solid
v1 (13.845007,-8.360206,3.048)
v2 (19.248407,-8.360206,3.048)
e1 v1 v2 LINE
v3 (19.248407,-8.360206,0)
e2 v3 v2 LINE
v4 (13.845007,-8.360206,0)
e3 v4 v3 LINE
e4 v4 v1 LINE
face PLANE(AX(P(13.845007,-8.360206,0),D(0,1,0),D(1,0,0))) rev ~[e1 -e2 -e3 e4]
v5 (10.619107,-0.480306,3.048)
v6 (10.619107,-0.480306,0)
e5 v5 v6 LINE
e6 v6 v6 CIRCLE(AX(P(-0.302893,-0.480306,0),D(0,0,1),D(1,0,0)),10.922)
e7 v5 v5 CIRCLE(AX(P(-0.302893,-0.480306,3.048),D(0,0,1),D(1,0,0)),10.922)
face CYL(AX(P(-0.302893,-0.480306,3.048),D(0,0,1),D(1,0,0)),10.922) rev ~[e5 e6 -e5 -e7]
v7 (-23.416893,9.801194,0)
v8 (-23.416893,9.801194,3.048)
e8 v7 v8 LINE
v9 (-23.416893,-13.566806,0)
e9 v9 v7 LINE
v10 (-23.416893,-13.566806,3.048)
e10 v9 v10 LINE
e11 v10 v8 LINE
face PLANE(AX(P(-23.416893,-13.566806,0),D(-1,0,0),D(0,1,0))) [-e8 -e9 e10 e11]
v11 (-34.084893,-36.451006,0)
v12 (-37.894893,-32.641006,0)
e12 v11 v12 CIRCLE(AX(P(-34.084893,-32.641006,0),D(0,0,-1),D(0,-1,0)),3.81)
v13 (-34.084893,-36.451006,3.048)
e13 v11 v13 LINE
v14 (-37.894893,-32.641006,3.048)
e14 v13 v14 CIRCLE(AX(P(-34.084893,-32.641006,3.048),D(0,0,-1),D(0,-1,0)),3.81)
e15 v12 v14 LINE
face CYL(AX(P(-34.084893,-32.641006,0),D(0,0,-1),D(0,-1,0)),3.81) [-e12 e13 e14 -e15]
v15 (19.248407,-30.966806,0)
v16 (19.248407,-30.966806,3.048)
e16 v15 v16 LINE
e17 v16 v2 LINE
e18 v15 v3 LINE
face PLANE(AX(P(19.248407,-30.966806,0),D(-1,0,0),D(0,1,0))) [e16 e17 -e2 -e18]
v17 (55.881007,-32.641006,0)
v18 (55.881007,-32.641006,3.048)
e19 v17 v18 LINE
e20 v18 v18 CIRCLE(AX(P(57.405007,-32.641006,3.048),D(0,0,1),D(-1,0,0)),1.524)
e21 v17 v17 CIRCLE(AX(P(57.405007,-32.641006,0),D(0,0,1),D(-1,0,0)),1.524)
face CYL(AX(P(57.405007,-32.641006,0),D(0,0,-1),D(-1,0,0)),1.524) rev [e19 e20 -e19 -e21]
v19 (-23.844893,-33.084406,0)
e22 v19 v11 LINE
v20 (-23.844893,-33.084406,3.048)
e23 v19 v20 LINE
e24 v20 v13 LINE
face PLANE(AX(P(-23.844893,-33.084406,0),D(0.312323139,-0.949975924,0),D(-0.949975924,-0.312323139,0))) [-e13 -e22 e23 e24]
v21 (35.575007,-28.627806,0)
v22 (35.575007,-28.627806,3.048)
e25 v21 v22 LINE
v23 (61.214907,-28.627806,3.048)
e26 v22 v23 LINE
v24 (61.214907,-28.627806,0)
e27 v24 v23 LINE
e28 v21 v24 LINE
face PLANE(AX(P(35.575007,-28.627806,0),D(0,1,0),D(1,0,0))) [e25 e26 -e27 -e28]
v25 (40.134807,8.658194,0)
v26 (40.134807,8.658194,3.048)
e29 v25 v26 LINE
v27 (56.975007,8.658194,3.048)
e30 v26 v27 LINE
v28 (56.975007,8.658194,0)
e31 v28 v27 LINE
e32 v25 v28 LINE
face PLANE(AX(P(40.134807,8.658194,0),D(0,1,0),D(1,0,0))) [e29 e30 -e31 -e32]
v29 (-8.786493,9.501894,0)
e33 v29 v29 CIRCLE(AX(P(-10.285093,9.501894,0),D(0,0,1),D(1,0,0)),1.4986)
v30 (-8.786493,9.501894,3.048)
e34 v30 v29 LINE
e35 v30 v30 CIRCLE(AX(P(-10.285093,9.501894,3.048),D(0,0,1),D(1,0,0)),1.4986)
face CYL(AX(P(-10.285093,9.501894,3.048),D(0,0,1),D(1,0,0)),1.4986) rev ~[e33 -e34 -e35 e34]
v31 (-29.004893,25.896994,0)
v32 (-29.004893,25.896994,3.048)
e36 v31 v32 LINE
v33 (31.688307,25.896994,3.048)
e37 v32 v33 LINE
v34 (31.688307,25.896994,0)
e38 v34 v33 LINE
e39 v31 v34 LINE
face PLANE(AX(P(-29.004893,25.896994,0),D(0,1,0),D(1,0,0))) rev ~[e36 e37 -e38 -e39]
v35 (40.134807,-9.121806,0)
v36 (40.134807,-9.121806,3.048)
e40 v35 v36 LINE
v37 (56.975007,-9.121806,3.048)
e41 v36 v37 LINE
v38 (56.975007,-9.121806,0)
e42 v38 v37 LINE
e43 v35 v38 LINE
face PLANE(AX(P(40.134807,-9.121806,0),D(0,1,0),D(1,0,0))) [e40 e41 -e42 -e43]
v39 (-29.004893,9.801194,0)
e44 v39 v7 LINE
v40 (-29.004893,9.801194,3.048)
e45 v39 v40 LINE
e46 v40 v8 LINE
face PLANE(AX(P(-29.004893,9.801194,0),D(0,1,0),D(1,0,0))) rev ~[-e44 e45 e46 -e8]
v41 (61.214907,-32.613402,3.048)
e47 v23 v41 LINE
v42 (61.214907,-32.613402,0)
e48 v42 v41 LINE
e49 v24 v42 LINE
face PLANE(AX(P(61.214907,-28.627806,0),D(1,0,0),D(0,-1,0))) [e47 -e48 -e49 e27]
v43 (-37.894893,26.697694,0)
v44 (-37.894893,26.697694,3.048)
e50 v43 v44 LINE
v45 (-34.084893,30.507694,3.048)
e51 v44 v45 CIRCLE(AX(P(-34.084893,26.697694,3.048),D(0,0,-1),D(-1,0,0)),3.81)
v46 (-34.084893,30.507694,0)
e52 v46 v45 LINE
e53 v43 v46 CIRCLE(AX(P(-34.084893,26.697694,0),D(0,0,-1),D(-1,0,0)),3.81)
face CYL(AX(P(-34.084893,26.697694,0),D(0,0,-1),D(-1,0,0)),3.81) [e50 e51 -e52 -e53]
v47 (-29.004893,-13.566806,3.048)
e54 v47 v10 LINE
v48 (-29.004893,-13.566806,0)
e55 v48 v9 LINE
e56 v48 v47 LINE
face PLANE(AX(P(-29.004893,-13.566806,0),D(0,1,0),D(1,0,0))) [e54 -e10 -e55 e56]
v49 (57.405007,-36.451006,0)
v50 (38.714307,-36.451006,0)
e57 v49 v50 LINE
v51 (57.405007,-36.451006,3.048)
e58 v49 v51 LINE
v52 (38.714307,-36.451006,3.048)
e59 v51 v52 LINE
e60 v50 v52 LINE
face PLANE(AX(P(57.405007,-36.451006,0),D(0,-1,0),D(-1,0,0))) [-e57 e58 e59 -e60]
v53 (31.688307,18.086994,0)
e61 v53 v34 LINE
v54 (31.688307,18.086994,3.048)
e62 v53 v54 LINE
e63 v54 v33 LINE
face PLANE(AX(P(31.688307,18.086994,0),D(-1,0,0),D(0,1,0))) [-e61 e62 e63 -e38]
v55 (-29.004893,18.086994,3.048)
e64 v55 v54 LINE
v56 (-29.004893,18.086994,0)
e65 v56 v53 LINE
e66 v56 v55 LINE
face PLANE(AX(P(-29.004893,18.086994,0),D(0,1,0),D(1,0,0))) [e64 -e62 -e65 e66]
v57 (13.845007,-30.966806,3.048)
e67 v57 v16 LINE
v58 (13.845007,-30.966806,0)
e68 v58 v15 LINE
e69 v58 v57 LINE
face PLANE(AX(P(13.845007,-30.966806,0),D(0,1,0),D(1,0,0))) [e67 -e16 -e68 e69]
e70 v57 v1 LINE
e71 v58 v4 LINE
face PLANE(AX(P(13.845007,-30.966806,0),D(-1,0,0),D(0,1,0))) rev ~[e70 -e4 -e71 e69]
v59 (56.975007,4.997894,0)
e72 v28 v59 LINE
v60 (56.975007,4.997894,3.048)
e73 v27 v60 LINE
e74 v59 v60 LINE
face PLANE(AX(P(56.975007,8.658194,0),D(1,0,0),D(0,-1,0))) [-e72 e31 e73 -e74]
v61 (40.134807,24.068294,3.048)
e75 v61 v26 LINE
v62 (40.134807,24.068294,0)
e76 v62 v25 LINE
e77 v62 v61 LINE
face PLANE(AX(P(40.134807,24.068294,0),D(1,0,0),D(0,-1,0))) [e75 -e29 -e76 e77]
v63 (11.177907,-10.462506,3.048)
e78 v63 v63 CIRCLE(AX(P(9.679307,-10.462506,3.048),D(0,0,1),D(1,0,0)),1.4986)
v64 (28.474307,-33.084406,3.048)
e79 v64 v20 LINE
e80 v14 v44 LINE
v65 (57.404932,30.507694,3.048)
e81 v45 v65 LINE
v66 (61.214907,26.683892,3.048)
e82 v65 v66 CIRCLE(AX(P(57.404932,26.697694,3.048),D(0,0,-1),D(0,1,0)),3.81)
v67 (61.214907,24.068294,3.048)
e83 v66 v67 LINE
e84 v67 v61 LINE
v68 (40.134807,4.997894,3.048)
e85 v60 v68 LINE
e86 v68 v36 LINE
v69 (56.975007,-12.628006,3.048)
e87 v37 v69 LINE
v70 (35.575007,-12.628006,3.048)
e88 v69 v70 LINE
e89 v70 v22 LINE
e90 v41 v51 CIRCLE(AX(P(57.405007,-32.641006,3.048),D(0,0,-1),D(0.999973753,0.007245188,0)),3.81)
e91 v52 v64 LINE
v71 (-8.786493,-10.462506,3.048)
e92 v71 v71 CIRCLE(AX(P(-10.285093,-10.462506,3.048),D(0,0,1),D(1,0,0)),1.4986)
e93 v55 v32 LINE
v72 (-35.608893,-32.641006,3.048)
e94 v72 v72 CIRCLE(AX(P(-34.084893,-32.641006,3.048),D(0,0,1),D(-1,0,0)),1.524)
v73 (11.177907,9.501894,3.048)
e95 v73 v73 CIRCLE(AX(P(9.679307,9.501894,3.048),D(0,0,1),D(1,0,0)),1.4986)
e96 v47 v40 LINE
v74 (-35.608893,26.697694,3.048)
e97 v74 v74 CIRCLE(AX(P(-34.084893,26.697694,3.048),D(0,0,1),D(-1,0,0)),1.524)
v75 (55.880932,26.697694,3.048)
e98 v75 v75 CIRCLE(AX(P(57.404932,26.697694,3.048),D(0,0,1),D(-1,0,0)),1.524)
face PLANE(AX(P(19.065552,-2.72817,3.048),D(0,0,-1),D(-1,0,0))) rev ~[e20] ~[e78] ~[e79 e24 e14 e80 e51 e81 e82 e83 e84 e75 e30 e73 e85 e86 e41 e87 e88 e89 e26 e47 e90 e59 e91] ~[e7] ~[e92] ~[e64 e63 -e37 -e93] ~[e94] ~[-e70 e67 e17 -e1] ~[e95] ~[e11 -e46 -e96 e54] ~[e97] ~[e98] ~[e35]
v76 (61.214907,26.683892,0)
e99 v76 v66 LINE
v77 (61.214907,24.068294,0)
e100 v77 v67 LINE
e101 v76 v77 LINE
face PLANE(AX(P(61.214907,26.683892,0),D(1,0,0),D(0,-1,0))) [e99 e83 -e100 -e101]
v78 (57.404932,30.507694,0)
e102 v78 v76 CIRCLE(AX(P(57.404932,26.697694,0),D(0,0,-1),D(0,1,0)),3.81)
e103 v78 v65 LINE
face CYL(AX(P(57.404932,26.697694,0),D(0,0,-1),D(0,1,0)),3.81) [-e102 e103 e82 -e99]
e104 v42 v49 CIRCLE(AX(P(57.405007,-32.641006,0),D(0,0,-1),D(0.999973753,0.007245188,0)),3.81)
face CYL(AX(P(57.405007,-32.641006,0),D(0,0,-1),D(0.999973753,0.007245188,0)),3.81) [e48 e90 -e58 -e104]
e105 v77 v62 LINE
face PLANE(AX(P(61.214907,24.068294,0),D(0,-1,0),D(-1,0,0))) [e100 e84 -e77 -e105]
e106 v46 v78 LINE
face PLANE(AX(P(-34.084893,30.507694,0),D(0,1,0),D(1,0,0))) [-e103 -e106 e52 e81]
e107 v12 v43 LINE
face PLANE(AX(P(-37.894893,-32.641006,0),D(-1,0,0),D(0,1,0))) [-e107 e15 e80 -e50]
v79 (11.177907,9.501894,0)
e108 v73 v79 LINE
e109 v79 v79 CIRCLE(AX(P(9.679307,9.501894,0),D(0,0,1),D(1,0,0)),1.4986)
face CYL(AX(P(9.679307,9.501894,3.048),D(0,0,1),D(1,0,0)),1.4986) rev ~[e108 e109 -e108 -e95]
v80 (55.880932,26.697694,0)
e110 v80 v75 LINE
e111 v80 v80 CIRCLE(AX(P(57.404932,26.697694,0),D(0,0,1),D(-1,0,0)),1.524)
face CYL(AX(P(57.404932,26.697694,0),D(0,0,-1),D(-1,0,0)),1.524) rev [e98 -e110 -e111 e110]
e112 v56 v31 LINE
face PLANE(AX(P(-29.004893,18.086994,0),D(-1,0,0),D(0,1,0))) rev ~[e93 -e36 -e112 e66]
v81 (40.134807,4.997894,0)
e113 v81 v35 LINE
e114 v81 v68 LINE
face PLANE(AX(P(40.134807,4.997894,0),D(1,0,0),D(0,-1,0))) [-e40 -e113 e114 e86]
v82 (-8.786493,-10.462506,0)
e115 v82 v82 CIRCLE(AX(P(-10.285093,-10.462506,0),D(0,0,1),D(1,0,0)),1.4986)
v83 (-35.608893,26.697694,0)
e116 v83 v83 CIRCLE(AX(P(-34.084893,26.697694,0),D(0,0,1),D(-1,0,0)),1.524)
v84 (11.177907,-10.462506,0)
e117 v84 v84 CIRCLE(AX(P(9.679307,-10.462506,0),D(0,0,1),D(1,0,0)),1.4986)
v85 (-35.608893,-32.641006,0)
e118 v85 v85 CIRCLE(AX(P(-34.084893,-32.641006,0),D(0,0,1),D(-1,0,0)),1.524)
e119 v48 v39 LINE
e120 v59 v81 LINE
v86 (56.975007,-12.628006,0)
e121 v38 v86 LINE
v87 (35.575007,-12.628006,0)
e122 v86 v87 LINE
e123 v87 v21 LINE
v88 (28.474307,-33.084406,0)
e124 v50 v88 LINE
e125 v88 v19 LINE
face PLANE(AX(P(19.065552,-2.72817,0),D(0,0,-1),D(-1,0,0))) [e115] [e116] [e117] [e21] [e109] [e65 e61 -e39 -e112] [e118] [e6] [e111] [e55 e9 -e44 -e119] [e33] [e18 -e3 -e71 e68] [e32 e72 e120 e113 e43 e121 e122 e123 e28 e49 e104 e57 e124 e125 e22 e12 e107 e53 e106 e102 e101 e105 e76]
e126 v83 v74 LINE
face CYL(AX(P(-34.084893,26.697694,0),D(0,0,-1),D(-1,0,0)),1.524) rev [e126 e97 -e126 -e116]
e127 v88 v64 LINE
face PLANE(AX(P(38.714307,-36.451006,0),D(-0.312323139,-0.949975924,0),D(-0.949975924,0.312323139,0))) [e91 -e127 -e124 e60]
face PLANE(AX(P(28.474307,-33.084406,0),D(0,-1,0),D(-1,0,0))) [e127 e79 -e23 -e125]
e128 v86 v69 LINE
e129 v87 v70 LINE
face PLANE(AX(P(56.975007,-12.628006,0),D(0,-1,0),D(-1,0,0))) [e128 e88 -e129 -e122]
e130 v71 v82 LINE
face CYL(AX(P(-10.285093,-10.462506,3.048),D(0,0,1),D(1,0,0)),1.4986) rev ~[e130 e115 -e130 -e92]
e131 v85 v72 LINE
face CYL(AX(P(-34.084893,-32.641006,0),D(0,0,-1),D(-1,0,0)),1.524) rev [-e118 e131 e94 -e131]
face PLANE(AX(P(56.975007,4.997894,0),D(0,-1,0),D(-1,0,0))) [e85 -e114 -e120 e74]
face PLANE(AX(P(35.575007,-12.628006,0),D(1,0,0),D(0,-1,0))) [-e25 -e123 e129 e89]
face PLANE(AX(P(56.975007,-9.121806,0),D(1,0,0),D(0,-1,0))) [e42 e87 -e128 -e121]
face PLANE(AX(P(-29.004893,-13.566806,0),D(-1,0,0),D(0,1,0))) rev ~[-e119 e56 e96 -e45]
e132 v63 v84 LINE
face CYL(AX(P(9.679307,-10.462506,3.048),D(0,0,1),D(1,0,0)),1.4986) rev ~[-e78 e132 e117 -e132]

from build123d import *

# Parameters (mm, degrees)
SKETCH1_R           = 1.524
SKETCH1_W           = 60.6932
SKETCH1_H           = 7.81
SKETCH1_W_2         = 5.588
SKETCH1_H_2         = 23.368
SKETCH1_W_3         = 5.4034
SKETCH1_H_3         = 22.6066
BOSS_EXTRUDE1_DEPTH = 3.048
SKETCH2_R           = 10.922
SKETCH2_R_2         = 1.4986
CUT_EXTRUDE1_DEPTH  = 72.310891511


with BuildPart() as part:
    # Sketch1 → Boss-Extrude1 (new body)
    with BuildSketch(Plane.XY):
        with BuildLine():
            Line((61.214907375, 24.068294304), (40.134807375, 24.068294304))
            Line((40.134807375, 24.068294304), (40.134807375, 8.658194304))
            Line((40.134807375, 8.658194304), (56.975007375, 8.658194304))
            Line((56.975007375, 8.658194304), (56.975007375, 4.997894304))
            Line((56.975007375, 4.997894304), (40.134807375, 4.997894304))
            Line((40.134807375, 4.997894304), (40.134807375, -9.121805696))
            Line((40.134807375, -9.121805696), (56.975007375, -9.121805696))
            Line((56.975007375, -9.121805696), (56.975007375, -12.628005696))
            Line((56.975007375, -12.628005696), (35.575007375, -12.628005696))
            Line((35.575007375, -12.628005696), (35.575007375, -28.627805696))
            Line((35.575007375, -28.627805696), (61.214907375, -28.627805696))
            Line((61.214907375, -28.627805696), (61.214907375, -32.613401529))
            ThreePointArc((61.214907375, -32.613401529), (60.108826144, -35.325305244), (57.405007375, -36.451005696))
            Line((57.405007375, -36.451005696), (38.714307375, -36.451005696))
            Line((38.714307375, -36.451005696), (28.474307375, -33.084405696))
            Line((28.474307375, -33.084405696), (-23.844892625, -33.084405696))
            Line((-23.844892625, -33.084405696), (-34.084892625, -36.451005696))
            ThreePointArc((-34.084892625, -36.451005696), (-36.778969461, -35.335082532), (-37.894892625, -32.641005696))
            Line((-37.894892625, -32.641005696), (-37.894892625, 26.697694304))
            ThreePointArc((-37.894892625, 26.697694304), (-36.778969461, 29.391771141), (-34.084892625, 30.507694304))
            Line((-34.084892625, 30.507694304), (57.404932375, 30.507694304))
            ThreePointArc((57.404932375, 30.507694304), (60.103884597, 29.386886916), (61.214907375, 26.683892153))
            Line((61.214907375, 26.683892153), (61.214907375, 24.068294304))
        make_face()
        with Locations(Location((57.405007375, -32.641005696, 0), (0, 0, 180))):
            Circle(SKETCH1_R, mode=Mode.SUBTRACT)
        with Locations(Location((-34.084892625, -32.641005696, 0), (0, 0, 180))):
            Circle(SKETCH1_R, mode=Mode.SUBTRACT)
        with Locations(Location((-34.084892625, 26.697694304, 0), (0, 0, 180))):
            Circle(SKETCH1_R, mode=Mode.SUBTRACT)
        with Locations(Location((57.404932375, 26.697694304, 0), (0, 0, 180))):
            Circle(SKETCH1_R, mode=Mode.SUBTRACT)
        with Locations((1.341707375, 21.991994304)):
            Rectangle(SKETCH1_W, SKETCH1_H, mode=Mode.SUBTRACT)
        with Locations((-26.210892625, -1.882805696)):
            Rectangle(SKETCH1_W_2, SKETCH1_H_2, mode=Mode.SUBTRACT)
        with Locations((16.546707375, -19.663505696)):
            Rectangle(SKETCH1_W_3, SKETCH1_H_3, mode=Mode.SUBTRACT)
    extrude(amount=BOSS_EXTRUDE1_DEPTH)

    # Sketch2 → Cut-Extrude1 (cut, through all)
    with BuildSketch(Plane.XY.offset(3.048)):
        with Locations((-0.302892625, -0.480305696)):
            Circle(SKETCH2_R)
        with Locations((-10.285092625, -10.462505696)):
            Circle(SKETCH2_R_2)
        with Locations((-10.285092625, 9.501894304)):
            Circle(SKETCH2_R_2)
        with Locations((9.679307375, -10.462505696)):
            Circle(SKETCH2_R_2)
        with Locations((9.679307375, 9.501894304)):
            Circle(SKETCH2_R_2)
    extrude(amount=-CUT_EXTRUDE1_DEPTH, mode=Mode.SUBTRACT)


solid = part.part
